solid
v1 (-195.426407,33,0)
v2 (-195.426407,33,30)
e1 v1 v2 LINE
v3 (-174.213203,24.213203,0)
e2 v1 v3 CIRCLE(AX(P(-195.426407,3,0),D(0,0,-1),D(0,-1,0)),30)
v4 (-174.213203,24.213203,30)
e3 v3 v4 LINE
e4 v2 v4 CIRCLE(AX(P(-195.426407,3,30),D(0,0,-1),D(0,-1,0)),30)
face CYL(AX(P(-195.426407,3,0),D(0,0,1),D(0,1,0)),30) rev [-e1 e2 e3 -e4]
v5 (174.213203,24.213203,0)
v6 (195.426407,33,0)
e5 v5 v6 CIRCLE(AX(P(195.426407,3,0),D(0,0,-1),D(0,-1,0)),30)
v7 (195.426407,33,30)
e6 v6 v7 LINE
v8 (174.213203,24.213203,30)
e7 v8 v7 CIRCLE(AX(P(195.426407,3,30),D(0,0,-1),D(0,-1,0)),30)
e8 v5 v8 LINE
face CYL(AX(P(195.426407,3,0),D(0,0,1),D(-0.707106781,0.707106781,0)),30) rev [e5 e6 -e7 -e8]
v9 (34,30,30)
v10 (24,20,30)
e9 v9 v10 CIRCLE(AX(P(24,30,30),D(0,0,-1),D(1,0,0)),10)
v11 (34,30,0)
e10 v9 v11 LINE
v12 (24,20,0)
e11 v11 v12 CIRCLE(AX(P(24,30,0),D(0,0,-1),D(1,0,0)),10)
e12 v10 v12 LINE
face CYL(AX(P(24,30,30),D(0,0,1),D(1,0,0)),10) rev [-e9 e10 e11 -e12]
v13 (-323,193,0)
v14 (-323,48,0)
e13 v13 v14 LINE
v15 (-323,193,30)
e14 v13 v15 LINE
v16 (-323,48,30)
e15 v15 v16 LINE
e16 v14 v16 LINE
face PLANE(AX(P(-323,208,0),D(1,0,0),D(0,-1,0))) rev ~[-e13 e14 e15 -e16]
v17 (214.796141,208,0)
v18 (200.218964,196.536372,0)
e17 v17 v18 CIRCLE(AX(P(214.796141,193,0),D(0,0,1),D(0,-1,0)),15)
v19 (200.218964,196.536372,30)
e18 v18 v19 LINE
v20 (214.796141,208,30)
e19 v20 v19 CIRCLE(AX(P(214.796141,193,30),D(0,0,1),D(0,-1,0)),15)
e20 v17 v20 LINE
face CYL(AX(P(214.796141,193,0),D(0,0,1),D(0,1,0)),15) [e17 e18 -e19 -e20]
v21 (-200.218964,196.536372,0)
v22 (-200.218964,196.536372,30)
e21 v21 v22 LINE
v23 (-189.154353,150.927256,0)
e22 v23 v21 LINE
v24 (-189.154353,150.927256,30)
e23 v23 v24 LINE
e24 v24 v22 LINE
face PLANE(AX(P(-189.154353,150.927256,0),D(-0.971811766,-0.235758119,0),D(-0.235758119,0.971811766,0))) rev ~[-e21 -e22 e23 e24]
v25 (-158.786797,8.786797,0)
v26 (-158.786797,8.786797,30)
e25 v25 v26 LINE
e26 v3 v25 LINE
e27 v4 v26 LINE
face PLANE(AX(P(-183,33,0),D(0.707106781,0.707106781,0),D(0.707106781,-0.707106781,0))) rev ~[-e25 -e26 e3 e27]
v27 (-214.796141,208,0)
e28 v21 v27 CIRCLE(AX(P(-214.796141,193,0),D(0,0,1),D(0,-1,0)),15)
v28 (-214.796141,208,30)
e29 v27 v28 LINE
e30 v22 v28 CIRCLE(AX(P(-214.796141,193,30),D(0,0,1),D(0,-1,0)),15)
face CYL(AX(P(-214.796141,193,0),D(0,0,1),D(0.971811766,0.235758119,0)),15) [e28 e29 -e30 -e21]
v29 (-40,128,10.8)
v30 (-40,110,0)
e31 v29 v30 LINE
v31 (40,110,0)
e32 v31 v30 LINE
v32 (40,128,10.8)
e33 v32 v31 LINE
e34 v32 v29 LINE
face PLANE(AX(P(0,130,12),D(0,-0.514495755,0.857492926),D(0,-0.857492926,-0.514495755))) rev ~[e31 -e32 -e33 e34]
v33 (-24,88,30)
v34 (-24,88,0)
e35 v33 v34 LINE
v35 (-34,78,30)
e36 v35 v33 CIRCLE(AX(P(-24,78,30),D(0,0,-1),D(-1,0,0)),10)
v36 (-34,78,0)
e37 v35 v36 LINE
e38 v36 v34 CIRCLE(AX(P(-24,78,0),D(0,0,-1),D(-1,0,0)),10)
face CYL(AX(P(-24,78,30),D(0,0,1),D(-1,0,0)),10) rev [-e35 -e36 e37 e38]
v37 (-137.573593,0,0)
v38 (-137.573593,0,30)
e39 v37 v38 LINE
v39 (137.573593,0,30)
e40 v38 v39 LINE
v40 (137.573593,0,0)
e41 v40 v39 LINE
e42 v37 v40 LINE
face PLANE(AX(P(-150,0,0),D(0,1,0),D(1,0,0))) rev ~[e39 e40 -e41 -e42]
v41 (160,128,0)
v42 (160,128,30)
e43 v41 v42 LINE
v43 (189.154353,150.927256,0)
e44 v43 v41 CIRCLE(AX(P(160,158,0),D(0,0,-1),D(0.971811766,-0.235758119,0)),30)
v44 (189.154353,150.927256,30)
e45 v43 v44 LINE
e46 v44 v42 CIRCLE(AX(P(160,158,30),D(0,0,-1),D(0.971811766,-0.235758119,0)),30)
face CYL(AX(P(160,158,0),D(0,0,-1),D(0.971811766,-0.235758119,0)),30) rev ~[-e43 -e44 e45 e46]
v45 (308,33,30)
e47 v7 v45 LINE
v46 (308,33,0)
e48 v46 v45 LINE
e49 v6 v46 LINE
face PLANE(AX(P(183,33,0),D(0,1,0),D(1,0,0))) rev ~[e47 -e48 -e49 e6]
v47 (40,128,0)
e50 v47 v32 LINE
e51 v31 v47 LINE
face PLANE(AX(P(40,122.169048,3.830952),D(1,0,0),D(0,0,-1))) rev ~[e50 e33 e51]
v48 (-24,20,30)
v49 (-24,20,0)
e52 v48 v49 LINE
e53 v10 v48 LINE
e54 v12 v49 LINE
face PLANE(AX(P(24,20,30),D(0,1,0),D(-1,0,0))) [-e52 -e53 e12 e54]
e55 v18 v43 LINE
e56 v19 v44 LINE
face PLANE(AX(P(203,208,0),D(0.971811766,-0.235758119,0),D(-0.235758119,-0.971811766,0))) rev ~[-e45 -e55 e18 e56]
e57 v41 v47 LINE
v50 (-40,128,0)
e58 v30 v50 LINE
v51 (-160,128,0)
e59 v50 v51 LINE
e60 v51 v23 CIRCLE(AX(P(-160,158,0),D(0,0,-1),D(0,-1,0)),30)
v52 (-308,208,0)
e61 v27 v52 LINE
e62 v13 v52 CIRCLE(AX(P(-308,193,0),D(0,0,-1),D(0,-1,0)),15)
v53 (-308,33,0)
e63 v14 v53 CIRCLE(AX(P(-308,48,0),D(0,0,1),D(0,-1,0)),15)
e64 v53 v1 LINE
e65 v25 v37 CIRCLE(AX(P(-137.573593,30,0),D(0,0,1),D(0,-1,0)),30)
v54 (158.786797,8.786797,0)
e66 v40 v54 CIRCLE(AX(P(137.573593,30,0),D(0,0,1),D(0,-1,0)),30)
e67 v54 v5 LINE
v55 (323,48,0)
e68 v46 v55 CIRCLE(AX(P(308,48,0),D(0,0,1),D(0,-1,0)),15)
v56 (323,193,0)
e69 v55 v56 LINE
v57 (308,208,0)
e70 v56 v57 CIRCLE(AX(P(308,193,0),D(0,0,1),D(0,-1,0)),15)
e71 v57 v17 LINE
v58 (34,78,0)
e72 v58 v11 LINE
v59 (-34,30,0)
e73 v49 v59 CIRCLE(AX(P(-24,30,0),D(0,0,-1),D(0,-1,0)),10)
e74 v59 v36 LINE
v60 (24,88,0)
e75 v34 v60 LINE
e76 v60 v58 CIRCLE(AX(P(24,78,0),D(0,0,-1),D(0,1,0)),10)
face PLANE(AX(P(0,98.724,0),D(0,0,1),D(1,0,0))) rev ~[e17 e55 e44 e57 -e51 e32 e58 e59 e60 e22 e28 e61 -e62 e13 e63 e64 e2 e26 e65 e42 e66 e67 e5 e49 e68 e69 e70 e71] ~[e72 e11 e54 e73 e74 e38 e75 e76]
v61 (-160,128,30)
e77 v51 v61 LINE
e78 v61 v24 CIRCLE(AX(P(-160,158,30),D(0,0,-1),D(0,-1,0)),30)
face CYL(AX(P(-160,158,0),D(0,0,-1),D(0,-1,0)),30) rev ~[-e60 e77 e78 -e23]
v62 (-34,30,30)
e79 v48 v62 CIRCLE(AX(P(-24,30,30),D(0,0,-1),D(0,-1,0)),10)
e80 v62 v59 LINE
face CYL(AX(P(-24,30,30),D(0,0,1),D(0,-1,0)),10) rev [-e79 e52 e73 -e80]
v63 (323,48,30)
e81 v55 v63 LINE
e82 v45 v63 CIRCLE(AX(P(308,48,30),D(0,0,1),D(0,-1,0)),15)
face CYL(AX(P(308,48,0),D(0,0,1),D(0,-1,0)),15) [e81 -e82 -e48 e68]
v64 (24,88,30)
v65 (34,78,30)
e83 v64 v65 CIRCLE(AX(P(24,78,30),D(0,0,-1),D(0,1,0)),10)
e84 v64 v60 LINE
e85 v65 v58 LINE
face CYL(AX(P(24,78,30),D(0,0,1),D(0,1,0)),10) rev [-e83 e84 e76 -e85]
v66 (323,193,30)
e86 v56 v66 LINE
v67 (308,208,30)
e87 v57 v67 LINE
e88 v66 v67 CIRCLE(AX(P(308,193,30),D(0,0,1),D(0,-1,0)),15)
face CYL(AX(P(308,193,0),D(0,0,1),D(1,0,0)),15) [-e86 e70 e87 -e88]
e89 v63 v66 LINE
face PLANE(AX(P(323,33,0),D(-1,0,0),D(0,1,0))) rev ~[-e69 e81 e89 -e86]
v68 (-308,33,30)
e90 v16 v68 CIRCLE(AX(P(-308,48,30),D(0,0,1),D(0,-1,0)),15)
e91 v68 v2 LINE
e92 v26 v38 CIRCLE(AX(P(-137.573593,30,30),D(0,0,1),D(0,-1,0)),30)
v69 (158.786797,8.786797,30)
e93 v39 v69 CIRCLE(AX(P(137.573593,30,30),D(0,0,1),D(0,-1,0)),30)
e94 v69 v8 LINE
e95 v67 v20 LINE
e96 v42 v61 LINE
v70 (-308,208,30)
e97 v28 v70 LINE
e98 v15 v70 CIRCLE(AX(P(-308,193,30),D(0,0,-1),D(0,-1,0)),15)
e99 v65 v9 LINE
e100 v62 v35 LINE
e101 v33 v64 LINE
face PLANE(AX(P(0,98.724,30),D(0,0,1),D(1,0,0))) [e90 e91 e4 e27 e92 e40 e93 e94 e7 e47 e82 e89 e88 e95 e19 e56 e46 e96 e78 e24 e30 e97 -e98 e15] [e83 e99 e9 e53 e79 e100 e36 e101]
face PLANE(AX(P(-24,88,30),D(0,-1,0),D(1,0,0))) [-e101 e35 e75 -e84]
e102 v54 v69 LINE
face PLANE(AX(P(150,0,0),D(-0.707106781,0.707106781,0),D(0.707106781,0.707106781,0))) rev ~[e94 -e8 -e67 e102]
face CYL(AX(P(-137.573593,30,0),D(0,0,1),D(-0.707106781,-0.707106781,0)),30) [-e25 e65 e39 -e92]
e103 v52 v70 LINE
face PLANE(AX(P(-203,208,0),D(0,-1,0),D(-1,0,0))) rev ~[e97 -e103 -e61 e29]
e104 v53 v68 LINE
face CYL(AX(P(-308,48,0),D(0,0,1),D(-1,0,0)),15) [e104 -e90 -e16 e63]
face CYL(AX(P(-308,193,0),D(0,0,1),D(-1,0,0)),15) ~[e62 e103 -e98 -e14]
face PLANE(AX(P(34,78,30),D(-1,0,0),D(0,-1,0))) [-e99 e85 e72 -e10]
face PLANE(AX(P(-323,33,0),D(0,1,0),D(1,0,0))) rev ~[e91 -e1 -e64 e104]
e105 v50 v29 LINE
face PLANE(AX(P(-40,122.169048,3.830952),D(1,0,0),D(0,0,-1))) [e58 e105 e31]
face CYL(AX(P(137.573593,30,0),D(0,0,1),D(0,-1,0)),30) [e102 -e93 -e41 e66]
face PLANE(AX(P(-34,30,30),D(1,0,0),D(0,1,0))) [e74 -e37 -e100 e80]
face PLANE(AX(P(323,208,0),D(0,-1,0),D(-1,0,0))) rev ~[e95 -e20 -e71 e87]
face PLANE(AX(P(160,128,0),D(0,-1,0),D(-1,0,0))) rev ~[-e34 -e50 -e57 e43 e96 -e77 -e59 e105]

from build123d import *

# Parameters (mm, degrees)
EXTRUDE_1_DEPTH     = 30
FILLET_1_R          = 15
FILLET_2_R          = 30
CUT_EXTRUDE_1_DEPTH = 30
CUT_EXTRUDE_2_DEPTH = 40


with BuildPart() as part:
    # 草图1 → 凸台-拉伸1 (new body)
    with BuildSketch(Plane.XY):
        with BuildLine():
            Line((-323, 208), (-323, 33))
            Line((-323, 33), (-183, 33))
            Line((-183, 33), (-150, 0))
            Line((-150, 0), (150, 0))
            Line((150, 0), (183, 33))
            Line((183, 33), (323, 33))
            Line((323, 33), (323, 208))
            Line((323, 208), (203, 208))
            Line((203, 208), (189.154352992, 150.927256427))
            ThreePointArc((189.154352992, 150.927256427), (178.544779492, 134.418414947), (160, 128))
            Line((160, 128), (-160, 128))
            ThreePointArc((-160, 128), (-178.544779492, 134.418414947), (-189.154352992, 150.927256427))
            Line((-189.154352992, 150.927256427), (-203, 208))
            Line((-203, 208), (-323, 208))
        make_face()
    extrude(amount=EXTRUDE_1_DEPTH)

    # 圆角1
    fillet_1_edges = [part.edges().sort_by_distance(p)[0] for p in [
        (-203, 208, 15),
        (203, 208, 15),
        (323, 208, 15),
        (323, 33, 15),
        (-323, 33, 15),
        (-323, 208, 15),
    ]]
    fillet(fillet_1_edges, radius=FILLET_1_R)

    # 圆角2
    fillet_2_edges = [part.edges().sort_by_distance(p)[0] for p in [
        (183, 33, 15),
        (150, 0, 15),
        (-150, 0, 15),
        (-183, 33, 15),
    ]]
    fillet(fillet_2_edges, radius=FILLET_2_R)

    # 草图2 → 切除-拉伸1 (cut)
    with BuildSketch(Plane.XY.offset(30)):
        with BuildLine():
            Line((-24, 88), (24, 88))
            ThreePointArc((24, 88), (31.071067812, 85.071067812), (34, 78))
            Line((34, 78), (34, 30))
            ThreePointArc((34, 30), (31.071067812, 22.928932188), (24, 20))
            Line((24, 20), (-24, 20))
            ThreePointArc((-24, 20), (-31.071067812, 22.928932188), (-34, 30))
            Line((-34, 30), (-34, 78))
            ThreePointArc((-34, 78), (-31.071067812, 85.071067812), (-24, 88))
        make_face()
    extrude(amount=-CUT_EXTRUDE_1_DEPTH, mode=Mode.SUBTRACT)

    # 草图3 → 切除-拉伸2 (cut, symmetric)
    with BuildSketch(Plane(origin=(0, 0, 0), x_dir=(0, 0, -1), z_dir=(1, 0, 0))):
        Polygon((0, 130), (-12, 130), (0, 110), align=None)
    extrude(amount=CUT_EXTRUDE_2_DEPTH, both=True, mode=Mode.SUBTRACT)


solid = part.part
